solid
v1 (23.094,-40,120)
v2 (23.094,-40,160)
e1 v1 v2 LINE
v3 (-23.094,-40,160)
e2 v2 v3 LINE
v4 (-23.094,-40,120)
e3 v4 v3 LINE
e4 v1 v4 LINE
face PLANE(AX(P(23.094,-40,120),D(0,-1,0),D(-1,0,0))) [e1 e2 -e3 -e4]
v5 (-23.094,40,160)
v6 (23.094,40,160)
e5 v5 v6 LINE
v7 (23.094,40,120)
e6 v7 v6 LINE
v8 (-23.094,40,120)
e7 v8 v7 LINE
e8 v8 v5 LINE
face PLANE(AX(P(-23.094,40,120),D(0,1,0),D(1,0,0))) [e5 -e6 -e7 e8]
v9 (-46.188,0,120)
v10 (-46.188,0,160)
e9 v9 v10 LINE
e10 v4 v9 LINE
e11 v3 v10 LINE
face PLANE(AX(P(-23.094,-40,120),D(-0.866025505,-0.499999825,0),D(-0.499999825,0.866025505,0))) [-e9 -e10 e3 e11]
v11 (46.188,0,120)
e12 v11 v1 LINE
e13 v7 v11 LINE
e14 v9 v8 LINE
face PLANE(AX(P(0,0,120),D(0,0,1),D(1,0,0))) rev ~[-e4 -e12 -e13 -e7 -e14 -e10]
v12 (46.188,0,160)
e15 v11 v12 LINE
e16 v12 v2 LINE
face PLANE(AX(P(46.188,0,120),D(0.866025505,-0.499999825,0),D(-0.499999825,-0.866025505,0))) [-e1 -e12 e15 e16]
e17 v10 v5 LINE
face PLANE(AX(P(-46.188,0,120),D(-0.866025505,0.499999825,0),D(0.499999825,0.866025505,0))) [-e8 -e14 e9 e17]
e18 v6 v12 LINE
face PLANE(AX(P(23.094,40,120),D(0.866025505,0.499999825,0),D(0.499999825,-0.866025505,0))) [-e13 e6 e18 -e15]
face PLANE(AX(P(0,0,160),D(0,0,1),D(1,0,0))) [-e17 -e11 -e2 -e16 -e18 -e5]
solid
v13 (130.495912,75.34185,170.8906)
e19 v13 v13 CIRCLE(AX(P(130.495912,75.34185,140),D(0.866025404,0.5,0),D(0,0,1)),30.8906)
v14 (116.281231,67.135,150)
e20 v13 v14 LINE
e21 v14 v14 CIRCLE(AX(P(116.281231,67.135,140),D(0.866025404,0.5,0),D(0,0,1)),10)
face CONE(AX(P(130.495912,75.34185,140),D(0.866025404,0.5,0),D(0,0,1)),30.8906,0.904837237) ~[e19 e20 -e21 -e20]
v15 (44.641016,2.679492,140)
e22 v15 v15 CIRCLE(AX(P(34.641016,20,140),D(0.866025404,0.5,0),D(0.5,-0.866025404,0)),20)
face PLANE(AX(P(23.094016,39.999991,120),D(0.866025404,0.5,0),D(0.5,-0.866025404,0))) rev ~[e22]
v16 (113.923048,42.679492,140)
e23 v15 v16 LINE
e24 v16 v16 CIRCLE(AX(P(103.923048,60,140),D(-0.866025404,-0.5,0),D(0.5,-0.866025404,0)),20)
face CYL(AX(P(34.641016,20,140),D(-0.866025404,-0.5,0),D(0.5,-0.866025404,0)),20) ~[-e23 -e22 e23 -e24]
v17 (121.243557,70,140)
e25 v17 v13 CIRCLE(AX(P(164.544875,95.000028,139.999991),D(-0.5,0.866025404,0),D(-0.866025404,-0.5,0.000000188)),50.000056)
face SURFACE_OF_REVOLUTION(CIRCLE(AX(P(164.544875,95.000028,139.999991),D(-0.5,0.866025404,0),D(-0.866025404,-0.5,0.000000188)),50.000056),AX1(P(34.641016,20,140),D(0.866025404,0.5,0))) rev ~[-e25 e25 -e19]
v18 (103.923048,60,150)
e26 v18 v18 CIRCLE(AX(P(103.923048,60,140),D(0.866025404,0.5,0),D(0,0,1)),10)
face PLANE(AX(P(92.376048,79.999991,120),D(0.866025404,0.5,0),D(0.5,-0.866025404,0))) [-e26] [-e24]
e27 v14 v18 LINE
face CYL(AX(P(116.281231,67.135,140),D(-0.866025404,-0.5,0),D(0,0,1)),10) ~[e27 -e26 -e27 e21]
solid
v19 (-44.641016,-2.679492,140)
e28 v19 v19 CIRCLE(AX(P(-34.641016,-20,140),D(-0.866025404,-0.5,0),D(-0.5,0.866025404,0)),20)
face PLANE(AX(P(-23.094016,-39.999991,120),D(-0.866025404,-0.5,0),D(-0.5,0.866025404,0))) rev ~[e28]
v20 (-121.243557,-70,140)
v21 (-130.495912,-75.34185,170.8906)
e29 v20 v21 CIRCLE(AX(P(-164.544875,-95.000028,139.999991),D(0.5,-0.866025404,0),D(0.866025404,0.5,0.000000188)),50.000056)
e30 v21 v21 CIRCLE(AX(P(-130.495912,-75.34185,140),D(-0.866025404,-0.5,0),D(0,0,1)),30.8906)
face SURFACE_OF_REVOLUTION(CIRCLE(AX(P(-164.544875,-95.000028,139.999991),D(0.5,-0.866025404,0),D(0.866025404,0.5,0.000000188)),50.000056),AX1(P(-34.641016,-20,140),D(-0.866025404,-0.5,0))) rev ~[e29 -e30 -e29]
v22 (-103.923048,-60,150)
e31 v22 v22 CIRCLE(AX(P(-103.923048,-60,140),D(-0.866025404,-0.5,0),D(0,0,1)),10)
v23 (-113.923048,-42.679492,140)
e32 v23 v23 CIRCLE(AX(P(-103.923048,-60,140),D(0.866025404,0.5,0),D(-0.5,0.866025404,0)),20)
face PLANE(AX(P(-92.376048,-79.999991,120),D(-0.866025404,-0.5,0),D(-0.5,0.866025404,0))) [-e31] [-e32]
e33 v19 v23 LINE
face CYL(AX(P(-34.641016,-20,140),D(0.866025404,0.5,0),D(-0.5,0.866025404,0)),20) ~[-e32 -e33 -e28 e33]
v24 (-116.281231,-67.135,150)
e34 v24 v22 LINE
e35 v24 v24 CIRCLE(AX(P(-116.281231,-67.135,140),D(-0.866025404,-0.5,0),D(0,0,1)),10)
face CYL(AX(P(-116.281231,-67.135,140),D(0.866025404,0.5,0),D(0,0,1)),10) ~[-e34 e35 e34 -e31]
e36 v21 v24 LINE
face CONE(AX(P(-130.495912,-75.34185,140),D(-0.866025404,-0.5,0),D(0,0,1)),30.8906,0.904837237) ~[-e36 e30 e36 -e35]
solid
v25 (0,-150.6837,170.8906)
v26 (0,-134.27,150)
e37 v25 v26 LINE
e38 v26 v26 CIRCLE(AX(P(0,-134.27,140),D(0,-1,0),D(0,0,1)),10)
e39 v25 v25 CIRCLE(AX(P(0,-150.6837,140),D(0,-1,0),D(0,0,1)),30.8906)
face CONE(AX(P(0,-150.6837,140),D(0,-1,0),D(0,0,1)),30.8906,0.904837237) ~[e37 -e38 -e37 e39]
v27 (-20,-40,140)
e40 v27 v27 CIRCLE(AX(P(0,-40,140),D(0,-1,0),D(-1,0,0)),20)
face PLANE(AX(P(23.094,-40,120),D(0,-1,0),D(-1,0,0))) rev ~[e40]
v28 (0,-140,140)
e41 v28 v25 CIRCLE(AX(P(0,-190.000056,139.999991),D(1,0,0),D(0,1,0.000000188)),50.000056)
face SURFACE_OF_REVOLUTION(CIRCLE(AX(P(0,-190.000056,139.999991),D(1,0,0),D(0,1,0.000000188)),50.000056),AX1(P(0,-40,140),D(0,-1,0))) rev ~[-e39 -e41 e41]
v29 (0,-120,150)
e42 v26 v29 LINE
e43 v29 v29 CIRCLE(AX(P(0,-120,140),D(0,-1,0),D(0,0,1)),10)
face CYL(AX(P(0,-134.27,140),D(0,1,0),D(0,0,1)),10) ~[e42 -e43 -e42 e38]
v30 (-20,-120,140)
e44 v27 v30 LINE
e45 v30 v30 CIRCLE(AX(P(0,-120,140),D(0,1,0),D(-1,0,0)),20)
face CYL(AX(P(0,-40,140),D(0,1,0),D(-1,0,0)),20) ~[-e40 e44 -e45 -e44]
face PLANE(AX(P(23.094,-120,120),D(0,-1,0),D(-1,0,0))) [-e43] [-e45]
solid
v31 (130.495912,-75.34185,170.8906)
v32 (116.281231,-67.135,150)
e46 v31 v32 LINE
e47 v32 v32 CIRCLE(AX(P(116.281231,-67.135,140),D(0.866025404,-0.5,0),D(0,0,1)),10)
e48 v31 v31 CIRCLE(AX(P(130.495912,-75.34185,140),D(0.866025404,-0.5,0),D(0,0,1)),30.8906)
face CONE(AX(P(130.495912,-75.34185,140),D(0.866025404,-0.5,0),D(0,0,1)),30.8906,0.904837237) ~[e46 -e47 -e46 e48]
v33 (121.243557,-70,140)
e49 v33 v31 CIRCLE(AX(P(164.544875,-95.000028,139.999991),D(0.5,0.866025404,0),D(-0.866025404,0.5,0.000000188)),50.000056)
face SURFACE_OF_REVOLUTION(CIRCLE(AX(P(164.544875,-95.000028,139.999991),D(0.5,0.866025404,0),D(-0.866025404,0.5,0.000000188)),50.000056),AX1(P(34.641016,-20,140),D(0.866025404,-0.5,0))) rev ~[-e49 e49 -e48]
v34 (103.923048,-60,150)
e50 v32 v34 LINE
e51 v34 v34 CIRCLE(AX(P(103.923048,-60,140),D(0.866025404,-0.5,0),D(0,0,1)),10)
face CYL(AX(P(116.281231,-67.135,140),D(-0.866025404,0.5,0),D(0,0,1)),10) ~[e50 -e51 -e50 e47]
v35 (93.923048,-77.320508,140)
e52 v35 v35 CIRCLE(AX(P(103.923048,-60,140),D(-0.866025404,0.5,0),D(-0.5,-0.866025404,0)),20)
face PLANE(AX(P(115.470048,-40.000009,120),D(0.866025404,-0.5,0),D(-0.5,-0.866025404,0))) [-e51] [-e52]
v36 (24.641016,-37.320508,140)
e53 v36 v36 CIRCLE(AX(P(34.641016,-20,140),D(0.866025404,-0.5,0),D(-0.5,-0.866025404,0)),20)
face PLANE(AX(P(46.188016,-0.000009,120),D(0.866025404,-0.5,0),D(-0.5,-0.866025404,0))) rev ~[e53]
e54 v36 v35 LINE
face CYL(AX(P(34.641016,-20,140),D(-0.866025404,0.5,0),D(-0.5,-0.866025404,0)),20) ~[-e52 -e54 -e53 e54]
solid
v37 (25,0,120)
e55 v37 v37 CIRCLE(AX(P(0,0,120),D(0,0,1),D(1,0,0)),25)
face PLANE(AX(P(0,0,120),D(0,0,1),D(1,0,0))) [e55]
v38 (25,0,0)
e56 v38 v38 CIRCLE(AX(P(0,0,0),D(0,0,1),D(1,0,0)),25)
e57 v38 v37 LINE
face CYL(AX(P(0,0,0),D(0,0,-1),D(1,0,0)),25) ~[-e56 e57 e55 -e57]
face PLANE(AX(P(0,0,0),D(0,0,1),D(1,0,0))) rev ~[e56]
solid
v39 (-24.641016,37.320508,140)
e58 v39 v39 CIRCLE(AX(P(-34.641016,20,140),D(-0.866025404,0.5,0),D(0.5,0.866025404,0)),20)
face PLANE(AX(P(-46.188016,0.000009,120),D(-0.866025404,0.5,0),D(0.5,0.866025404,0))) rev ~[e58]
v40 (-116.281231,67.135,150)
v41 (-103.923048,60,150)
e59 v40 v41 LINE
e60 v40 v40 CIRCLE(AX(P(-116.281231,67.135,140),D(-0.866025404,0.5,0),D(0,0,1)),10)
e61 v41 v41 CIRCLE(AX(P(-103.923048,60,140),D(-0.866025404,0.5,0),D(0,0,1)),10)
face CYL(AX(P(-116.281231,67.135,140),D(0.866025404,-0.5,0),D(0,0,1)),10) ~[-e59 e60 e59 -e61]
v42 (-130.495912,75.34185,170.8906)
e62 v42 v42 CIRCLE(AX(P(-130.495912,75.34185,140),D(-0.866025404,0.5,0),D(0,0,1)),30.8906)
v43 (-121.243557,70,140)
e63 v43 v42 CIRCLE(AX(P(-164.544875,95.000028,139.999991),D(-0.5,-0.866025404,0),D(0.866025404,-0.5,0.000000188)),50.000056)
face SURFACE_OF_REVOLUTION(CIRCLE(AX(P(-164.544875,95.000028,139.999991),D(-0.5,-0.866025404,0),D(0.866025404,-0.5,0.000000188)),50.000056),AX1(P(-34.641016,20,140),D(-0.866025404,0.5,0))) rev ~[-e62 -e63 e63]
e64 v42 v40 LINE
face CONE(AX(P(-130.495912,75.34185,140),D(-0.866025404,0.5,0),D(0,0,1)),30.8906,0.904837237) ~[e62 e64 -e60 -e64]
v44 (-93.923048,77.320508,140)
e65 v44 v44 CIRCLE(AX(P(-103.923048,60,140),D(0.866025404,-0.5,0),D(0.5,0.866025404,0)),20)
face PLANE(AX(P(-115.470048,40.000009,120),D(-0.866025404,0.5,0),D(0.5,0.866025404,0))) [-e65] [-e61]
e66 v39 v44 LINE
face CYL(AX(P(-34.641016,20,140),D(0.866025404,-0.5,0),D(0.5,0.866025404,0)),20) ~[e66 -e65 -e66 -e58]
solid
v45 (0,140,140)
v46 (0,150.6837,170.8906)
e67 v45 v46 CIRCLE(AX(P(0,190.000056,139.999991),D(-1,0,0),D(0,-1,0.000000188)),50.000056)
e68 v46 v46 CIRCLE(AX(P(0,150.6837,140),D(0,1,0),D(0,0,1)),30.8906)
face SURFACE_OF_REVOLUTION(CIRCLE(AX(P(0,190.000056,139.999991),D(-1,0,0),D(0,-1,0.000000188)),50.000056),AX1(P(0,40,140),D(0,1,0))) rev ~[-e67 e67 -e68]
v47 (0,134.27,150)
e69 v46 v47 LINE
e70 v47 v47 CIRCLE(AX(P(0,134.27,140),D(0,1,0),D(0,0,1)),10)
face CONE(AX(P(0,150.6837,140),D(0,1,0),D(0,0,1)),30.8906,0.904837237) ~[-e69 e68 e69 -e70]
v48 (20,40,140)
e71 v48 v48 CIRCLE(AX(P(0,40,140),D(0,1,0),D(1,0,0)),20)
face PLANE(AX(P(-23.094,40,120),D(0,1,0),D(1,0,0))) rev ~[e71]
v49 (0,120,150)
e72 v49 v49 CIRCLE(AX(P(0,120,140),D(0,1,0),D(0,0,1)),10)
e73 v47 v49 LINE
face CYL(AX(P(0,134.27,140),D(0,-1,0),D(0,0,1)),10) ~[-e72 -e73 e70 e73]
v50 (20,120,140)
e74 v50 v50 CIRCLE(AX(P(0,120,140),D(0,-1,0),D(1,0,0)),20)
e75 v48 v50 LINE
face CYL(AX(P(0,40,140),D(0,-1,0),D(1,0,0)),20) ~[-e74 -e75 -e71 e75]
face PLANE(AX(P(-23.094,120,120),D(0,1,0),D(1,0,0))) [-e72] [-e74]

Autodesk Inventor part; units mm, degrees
sketch "Sketch1" plane through (0, 0, 0) normal (0, 0, 1) x (1, 0, 0)
  circle A0 centre (0, 0) radius 25
  dimension "d0" = 50
extrude "Extrusion1" add sketch "Sketch1" along normal blind 120
sketch "Sketch2" plane through (0, 0, 120) normal (0, 0, 1) x (1, 0, 0)
  line L0 (46.188, 0) -> (23.094, -40)
  line L1 (23.094, -40) -> (-23.094, -40)
  line L2 (-23.094, -40) -> (-46.188, 0)
  line L3 (-46.188, 0) -> (-23.094, 40)
  line L4 (-23.094, 40) -> (23.094, 40)
  line L5 (23.094, 40) -> (46.188, 0)
  point P0 (0, 0)
  point P1 (0, 0)
  dimension "d4" = 40
extrude "Extrusion2" add sketch "Sketch2" along normal blind 40 separate body
sketch "Sketch3" plane through (-23.094, 40, 120) normal (0, 1, 0) x (1, 0, 0)
  line L0 (0, 0) -> (0, -40) projected
  line L1 (0, -20) -> (46.188, -20)
  line L2 (46.188, 0) -> (46.188, -40) projected
  circle A0 centre (23.094, -20) radius 20
  point P0 (23.094, 120)
extrude "Extrusion3" add sketch "Sketch3" along normal blind 80 separate body
ref_plane "Work Plane1" through (0, 40, 140) normal (-1, 0, 0) x (0, 1, 0)
sketch "Sketch4" plane through (0, 40, 140) normal (-1, 0, 0) x (0, 1, 0)
  arc A0 (100, 0) -> (110.6837, -30.8906) centre (150, 0) ccw
  line L0 (0, 20) -> (0, -20) projected
  line L1 (150, 0) -> (0, 0)
  line L2 (110.6837, -30.8906) -> (94.27, -10)
  line L3 (94.27, -10) -> (80, -10)
  line L4 (80, -20) -> (80, 20) projected
  line L5 (100, 0) -> (80, 0)
  line L6 (80, 0) -> (80, -10)
  line L7 (-126, 0) -> (196, 0) projected
  point P0 (-40, 140)
  point P1 (100.0097, -0.9845)
  dimension "d11" = 150
  dimension "d12" = 10
revolve "Revolution1" add sketch "Sketch4" angle 360 about axis through (0, 40, 140) along (0, 1, 0) bodies 3
pattern_circular "Circular Pattern1" count 6 over 360 about axis through (0, 0, 0) along (0, 0, 1) bodies 3
ref_plane "Work Plane2" through (0, 0, 0) normal (0.866, 0.5, 0) x (0, 0, 1)
ref_plane "Work Plane3" through (0, 0, 0) normal (-0.5, -0.866, 0) x (0, 0, 1)
ref_plane "Work Plane4" through (-23.094, -40, 120) normal (-0.866, 0.5, 0) x (0, 0, 1)
properties part number "六針夾爪"
